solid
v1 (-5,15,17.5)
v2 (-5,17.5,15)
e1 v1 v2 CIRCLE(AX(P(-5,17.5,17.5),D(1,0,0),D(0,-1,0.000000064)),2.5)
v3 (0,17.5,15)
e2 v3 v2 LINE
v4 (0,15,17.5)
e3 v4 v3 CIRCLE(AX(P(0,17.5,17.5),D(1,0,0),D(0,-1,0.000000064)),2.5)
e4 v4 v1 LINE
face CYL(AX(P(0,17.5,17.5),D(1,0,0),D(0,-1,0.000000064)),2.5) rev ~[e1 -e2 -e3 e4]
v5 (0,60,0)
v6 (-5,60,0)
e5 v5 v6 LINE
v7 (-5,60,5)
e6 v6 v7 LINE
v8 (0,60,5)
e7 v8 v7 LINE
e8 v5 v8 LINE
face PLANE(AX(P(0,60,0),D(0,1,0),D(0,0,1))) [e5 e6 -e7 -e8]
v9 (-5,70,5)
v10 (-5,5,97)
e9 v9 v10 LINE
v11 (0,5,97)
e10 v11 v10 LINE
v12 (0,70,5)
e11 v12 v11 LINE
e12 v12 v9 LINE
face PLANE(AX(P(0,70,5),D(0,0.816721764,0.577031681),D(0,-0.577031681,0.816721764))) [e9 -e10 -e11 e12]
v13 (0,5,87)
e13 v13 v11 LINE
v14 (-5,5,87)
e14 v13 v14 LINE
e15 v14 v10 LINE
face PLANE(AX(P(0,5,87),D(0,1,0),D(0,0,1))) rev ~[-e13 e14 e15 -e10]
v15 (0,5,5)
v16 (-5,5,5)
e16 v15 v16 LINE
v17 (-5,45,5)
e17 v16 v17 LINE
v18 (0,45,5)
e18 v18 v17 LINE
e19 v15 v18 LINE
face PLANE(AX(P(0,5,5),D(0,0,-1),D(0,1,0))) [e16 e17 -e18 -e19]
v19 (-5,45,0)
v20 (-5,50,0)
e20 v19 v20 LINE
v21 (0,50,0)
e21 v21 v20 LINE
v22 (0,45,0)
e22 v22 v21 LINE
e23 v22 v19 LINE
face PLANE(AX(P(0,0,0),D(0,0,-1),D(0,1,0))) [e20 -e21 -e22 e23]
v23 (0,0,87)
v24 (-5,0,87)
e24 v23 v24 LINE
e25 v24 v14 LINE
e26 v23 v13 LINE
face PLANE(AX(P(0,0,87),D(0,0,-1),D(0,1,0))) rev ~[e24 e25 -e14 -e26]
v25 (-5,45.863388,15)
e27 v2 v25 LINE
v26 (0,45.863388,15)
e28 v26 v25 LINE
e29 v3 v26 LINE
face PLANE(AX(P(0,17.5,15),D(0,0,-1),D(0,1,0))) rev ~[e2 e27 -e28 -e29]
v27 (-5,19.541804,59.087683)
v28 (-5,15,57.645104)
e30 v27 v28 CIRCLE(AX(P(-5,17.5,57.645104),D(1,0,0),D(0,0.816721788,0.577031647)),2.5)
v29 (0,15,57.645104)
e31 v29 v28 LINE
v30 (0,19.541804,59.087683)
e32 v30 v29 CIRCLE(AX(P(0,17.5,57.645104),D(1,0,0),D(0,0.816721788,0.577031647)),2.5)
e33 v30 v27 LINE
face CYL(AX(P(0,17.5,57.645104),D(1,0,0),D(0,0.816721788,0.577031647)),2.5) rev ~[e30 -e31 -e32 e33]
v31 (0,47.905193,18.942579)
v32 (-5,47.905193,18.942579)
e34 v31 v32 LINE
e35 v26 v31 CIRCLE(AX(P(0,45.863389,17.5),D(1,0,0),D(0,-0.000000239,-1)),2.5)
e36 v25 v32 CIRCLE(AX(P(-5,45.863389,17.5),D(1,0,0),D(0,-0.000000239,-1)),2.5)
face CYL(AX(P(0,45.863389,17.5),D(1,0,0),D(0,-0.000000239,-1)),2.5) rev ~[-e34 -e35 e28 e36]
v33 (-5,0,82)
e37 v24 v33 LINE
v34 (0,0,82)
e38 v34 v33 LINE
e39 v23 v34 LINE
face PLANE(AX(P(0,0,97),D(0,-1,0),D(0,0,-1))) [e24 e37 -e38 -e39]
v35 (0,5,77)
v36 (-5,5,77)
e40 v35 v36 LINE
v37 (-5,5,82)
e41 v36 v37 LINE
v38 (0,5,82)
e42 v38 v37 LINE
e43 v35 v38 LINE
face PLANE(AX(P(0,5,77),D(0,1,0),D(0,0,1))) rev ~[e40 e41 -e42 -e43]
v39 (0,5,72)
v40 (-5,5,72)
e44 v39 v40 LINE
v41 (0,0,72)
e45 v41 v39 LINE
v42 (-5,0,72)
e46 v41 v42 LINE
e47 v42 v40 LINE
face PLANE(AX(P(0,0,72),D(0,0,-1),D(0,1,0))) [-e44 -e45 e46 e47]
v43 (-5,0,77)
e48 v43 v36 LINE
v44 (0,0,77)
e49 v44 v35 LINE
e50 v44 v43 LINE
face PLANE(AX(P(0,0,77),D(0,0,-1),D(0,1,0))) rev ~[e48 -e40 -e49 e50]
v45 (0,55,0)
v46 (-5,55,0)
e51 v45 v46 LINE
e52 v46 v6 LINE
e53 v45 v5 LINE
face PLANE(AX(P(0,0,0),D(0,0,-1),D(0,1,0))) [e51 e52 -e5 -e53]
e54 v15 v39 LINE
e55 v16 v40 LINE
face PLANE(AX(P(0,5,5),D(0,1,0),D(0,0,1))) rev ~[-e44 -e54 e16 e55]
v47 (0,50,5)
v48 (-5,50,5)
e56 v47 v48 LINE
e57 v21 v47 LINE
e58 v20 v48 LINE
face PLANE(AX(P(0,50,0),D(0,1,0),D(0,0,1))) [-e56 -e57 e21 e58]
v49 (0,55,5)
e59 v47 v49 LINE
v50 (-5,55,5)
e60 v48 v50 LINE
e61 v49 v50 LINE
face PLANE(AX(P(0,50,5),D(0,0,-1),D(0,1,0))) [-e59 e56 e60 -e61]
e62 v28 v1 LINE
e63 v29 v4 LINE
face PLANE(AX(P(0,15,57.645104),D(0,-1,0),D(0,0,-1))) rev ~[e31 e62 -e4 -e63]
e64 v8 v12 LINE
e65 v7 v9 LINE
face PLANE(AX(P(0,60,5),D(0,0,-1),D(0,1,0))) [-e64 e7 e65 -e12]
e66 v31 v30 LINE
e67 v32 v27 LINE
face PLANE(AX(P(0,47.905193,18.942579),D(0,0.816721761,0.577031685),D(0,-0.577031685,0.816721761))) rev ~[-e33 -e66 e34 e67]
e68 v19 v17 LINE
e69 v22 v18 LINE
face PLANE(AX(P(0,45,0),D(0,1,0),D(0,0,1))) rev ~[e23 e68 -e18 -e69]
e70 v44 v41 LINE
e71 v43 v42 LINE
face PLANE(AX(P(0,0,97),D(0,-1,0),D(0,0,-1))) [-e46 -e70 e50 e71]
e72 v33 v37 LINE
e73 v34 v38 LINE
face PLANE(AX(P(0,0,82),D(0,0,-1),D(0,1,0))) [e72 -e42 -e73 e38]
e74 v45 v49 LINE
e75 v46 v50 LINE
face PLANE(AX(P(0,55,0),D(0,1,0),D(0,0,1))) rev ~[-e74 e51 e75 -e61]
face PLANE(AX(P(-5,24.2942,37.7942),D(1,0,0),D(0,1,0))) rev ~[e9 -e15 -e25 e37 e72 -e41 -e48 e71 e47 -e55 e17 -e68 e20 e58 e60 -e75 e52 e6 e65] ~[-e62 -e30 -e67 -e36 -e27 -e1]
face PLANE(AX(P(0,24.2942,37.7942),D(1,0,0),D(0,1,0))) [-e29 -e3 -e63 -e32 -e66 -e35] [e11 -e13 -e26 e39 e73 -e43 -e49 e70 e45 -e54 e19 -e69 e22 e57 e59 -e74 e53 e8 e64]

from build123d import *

# Parameters (mm, degrees)
F1_DEPTH = 5
F3_DEPTH = 5.001
F4_W     = 5
F4_H     = 10
F4_H_2   = 5
F4_H_3   = 67
F4_W_2   = 40
F4_W_3   = 10
F5_DEPTH = 5.001


with BuildPart() as f1:
    # F0 (on Right) → F1 (new body)
    with BuildSketch(Plane.YZ):
        Polygon((5, 97), (0, 97), (0, 0), (70, 0), (70, 5), align=None)
    extrude(amount=-F1_DEPTH)

    # F2 (on face) → F3 (cut, through all)
    with BuildSketch(Plane.YZ):
        with BuildLine():
            ThreePointArc((19.541804, 59.087683), (16.743201, 60.027803), (15, 57.645104))
            Line((15, 57.645104), (15, 17.5))
            ThreePointArc((15, 17.5), (15.732233, 15.732233), (17.5, 15))
            Line((17.5, 15), (45.863388, 15))
            ThreePointArc((45.863388, 15), (48.083349, 16.350315), (47.905193, 18.942579))
            Line((47.905193, 18.942579), (19.541804, 59.087683))
        make_face()
    extrude(amount=-F3_DEPTH, mode=Mode.SUBTRACT)

    # F4 (on face) → F5 (cut, through all)
    with BuildSketch(Plane.YZ):
        with Locations((2.5, 92)):
            Rectangle(F4_W, F4_H)
        with Locations((2.5, 79.5)):
            Rectangle(F4_W, F4_H_2)
        with Locations((2.5, 38.5)):
            Rectangle(F4_W, F4_H_3)
        with Locations((25, 2.5)):
            Rectangle(F4_W_2, F4_H_2)
        with Locations((2.5, 2.5)):
            Rectangle(F4_W, F4_H_2)
        with Locations((52.5, 2.5)):
            Rectangle(F4_W, F4_H_2)
        with Locations((65, 2.5)):
            Rectangle(F4_W_3, F4_H_2)
    extrude(amount=-F5_DEPTH, mode=Mode.SUBTRACT)


solid = f1.part
